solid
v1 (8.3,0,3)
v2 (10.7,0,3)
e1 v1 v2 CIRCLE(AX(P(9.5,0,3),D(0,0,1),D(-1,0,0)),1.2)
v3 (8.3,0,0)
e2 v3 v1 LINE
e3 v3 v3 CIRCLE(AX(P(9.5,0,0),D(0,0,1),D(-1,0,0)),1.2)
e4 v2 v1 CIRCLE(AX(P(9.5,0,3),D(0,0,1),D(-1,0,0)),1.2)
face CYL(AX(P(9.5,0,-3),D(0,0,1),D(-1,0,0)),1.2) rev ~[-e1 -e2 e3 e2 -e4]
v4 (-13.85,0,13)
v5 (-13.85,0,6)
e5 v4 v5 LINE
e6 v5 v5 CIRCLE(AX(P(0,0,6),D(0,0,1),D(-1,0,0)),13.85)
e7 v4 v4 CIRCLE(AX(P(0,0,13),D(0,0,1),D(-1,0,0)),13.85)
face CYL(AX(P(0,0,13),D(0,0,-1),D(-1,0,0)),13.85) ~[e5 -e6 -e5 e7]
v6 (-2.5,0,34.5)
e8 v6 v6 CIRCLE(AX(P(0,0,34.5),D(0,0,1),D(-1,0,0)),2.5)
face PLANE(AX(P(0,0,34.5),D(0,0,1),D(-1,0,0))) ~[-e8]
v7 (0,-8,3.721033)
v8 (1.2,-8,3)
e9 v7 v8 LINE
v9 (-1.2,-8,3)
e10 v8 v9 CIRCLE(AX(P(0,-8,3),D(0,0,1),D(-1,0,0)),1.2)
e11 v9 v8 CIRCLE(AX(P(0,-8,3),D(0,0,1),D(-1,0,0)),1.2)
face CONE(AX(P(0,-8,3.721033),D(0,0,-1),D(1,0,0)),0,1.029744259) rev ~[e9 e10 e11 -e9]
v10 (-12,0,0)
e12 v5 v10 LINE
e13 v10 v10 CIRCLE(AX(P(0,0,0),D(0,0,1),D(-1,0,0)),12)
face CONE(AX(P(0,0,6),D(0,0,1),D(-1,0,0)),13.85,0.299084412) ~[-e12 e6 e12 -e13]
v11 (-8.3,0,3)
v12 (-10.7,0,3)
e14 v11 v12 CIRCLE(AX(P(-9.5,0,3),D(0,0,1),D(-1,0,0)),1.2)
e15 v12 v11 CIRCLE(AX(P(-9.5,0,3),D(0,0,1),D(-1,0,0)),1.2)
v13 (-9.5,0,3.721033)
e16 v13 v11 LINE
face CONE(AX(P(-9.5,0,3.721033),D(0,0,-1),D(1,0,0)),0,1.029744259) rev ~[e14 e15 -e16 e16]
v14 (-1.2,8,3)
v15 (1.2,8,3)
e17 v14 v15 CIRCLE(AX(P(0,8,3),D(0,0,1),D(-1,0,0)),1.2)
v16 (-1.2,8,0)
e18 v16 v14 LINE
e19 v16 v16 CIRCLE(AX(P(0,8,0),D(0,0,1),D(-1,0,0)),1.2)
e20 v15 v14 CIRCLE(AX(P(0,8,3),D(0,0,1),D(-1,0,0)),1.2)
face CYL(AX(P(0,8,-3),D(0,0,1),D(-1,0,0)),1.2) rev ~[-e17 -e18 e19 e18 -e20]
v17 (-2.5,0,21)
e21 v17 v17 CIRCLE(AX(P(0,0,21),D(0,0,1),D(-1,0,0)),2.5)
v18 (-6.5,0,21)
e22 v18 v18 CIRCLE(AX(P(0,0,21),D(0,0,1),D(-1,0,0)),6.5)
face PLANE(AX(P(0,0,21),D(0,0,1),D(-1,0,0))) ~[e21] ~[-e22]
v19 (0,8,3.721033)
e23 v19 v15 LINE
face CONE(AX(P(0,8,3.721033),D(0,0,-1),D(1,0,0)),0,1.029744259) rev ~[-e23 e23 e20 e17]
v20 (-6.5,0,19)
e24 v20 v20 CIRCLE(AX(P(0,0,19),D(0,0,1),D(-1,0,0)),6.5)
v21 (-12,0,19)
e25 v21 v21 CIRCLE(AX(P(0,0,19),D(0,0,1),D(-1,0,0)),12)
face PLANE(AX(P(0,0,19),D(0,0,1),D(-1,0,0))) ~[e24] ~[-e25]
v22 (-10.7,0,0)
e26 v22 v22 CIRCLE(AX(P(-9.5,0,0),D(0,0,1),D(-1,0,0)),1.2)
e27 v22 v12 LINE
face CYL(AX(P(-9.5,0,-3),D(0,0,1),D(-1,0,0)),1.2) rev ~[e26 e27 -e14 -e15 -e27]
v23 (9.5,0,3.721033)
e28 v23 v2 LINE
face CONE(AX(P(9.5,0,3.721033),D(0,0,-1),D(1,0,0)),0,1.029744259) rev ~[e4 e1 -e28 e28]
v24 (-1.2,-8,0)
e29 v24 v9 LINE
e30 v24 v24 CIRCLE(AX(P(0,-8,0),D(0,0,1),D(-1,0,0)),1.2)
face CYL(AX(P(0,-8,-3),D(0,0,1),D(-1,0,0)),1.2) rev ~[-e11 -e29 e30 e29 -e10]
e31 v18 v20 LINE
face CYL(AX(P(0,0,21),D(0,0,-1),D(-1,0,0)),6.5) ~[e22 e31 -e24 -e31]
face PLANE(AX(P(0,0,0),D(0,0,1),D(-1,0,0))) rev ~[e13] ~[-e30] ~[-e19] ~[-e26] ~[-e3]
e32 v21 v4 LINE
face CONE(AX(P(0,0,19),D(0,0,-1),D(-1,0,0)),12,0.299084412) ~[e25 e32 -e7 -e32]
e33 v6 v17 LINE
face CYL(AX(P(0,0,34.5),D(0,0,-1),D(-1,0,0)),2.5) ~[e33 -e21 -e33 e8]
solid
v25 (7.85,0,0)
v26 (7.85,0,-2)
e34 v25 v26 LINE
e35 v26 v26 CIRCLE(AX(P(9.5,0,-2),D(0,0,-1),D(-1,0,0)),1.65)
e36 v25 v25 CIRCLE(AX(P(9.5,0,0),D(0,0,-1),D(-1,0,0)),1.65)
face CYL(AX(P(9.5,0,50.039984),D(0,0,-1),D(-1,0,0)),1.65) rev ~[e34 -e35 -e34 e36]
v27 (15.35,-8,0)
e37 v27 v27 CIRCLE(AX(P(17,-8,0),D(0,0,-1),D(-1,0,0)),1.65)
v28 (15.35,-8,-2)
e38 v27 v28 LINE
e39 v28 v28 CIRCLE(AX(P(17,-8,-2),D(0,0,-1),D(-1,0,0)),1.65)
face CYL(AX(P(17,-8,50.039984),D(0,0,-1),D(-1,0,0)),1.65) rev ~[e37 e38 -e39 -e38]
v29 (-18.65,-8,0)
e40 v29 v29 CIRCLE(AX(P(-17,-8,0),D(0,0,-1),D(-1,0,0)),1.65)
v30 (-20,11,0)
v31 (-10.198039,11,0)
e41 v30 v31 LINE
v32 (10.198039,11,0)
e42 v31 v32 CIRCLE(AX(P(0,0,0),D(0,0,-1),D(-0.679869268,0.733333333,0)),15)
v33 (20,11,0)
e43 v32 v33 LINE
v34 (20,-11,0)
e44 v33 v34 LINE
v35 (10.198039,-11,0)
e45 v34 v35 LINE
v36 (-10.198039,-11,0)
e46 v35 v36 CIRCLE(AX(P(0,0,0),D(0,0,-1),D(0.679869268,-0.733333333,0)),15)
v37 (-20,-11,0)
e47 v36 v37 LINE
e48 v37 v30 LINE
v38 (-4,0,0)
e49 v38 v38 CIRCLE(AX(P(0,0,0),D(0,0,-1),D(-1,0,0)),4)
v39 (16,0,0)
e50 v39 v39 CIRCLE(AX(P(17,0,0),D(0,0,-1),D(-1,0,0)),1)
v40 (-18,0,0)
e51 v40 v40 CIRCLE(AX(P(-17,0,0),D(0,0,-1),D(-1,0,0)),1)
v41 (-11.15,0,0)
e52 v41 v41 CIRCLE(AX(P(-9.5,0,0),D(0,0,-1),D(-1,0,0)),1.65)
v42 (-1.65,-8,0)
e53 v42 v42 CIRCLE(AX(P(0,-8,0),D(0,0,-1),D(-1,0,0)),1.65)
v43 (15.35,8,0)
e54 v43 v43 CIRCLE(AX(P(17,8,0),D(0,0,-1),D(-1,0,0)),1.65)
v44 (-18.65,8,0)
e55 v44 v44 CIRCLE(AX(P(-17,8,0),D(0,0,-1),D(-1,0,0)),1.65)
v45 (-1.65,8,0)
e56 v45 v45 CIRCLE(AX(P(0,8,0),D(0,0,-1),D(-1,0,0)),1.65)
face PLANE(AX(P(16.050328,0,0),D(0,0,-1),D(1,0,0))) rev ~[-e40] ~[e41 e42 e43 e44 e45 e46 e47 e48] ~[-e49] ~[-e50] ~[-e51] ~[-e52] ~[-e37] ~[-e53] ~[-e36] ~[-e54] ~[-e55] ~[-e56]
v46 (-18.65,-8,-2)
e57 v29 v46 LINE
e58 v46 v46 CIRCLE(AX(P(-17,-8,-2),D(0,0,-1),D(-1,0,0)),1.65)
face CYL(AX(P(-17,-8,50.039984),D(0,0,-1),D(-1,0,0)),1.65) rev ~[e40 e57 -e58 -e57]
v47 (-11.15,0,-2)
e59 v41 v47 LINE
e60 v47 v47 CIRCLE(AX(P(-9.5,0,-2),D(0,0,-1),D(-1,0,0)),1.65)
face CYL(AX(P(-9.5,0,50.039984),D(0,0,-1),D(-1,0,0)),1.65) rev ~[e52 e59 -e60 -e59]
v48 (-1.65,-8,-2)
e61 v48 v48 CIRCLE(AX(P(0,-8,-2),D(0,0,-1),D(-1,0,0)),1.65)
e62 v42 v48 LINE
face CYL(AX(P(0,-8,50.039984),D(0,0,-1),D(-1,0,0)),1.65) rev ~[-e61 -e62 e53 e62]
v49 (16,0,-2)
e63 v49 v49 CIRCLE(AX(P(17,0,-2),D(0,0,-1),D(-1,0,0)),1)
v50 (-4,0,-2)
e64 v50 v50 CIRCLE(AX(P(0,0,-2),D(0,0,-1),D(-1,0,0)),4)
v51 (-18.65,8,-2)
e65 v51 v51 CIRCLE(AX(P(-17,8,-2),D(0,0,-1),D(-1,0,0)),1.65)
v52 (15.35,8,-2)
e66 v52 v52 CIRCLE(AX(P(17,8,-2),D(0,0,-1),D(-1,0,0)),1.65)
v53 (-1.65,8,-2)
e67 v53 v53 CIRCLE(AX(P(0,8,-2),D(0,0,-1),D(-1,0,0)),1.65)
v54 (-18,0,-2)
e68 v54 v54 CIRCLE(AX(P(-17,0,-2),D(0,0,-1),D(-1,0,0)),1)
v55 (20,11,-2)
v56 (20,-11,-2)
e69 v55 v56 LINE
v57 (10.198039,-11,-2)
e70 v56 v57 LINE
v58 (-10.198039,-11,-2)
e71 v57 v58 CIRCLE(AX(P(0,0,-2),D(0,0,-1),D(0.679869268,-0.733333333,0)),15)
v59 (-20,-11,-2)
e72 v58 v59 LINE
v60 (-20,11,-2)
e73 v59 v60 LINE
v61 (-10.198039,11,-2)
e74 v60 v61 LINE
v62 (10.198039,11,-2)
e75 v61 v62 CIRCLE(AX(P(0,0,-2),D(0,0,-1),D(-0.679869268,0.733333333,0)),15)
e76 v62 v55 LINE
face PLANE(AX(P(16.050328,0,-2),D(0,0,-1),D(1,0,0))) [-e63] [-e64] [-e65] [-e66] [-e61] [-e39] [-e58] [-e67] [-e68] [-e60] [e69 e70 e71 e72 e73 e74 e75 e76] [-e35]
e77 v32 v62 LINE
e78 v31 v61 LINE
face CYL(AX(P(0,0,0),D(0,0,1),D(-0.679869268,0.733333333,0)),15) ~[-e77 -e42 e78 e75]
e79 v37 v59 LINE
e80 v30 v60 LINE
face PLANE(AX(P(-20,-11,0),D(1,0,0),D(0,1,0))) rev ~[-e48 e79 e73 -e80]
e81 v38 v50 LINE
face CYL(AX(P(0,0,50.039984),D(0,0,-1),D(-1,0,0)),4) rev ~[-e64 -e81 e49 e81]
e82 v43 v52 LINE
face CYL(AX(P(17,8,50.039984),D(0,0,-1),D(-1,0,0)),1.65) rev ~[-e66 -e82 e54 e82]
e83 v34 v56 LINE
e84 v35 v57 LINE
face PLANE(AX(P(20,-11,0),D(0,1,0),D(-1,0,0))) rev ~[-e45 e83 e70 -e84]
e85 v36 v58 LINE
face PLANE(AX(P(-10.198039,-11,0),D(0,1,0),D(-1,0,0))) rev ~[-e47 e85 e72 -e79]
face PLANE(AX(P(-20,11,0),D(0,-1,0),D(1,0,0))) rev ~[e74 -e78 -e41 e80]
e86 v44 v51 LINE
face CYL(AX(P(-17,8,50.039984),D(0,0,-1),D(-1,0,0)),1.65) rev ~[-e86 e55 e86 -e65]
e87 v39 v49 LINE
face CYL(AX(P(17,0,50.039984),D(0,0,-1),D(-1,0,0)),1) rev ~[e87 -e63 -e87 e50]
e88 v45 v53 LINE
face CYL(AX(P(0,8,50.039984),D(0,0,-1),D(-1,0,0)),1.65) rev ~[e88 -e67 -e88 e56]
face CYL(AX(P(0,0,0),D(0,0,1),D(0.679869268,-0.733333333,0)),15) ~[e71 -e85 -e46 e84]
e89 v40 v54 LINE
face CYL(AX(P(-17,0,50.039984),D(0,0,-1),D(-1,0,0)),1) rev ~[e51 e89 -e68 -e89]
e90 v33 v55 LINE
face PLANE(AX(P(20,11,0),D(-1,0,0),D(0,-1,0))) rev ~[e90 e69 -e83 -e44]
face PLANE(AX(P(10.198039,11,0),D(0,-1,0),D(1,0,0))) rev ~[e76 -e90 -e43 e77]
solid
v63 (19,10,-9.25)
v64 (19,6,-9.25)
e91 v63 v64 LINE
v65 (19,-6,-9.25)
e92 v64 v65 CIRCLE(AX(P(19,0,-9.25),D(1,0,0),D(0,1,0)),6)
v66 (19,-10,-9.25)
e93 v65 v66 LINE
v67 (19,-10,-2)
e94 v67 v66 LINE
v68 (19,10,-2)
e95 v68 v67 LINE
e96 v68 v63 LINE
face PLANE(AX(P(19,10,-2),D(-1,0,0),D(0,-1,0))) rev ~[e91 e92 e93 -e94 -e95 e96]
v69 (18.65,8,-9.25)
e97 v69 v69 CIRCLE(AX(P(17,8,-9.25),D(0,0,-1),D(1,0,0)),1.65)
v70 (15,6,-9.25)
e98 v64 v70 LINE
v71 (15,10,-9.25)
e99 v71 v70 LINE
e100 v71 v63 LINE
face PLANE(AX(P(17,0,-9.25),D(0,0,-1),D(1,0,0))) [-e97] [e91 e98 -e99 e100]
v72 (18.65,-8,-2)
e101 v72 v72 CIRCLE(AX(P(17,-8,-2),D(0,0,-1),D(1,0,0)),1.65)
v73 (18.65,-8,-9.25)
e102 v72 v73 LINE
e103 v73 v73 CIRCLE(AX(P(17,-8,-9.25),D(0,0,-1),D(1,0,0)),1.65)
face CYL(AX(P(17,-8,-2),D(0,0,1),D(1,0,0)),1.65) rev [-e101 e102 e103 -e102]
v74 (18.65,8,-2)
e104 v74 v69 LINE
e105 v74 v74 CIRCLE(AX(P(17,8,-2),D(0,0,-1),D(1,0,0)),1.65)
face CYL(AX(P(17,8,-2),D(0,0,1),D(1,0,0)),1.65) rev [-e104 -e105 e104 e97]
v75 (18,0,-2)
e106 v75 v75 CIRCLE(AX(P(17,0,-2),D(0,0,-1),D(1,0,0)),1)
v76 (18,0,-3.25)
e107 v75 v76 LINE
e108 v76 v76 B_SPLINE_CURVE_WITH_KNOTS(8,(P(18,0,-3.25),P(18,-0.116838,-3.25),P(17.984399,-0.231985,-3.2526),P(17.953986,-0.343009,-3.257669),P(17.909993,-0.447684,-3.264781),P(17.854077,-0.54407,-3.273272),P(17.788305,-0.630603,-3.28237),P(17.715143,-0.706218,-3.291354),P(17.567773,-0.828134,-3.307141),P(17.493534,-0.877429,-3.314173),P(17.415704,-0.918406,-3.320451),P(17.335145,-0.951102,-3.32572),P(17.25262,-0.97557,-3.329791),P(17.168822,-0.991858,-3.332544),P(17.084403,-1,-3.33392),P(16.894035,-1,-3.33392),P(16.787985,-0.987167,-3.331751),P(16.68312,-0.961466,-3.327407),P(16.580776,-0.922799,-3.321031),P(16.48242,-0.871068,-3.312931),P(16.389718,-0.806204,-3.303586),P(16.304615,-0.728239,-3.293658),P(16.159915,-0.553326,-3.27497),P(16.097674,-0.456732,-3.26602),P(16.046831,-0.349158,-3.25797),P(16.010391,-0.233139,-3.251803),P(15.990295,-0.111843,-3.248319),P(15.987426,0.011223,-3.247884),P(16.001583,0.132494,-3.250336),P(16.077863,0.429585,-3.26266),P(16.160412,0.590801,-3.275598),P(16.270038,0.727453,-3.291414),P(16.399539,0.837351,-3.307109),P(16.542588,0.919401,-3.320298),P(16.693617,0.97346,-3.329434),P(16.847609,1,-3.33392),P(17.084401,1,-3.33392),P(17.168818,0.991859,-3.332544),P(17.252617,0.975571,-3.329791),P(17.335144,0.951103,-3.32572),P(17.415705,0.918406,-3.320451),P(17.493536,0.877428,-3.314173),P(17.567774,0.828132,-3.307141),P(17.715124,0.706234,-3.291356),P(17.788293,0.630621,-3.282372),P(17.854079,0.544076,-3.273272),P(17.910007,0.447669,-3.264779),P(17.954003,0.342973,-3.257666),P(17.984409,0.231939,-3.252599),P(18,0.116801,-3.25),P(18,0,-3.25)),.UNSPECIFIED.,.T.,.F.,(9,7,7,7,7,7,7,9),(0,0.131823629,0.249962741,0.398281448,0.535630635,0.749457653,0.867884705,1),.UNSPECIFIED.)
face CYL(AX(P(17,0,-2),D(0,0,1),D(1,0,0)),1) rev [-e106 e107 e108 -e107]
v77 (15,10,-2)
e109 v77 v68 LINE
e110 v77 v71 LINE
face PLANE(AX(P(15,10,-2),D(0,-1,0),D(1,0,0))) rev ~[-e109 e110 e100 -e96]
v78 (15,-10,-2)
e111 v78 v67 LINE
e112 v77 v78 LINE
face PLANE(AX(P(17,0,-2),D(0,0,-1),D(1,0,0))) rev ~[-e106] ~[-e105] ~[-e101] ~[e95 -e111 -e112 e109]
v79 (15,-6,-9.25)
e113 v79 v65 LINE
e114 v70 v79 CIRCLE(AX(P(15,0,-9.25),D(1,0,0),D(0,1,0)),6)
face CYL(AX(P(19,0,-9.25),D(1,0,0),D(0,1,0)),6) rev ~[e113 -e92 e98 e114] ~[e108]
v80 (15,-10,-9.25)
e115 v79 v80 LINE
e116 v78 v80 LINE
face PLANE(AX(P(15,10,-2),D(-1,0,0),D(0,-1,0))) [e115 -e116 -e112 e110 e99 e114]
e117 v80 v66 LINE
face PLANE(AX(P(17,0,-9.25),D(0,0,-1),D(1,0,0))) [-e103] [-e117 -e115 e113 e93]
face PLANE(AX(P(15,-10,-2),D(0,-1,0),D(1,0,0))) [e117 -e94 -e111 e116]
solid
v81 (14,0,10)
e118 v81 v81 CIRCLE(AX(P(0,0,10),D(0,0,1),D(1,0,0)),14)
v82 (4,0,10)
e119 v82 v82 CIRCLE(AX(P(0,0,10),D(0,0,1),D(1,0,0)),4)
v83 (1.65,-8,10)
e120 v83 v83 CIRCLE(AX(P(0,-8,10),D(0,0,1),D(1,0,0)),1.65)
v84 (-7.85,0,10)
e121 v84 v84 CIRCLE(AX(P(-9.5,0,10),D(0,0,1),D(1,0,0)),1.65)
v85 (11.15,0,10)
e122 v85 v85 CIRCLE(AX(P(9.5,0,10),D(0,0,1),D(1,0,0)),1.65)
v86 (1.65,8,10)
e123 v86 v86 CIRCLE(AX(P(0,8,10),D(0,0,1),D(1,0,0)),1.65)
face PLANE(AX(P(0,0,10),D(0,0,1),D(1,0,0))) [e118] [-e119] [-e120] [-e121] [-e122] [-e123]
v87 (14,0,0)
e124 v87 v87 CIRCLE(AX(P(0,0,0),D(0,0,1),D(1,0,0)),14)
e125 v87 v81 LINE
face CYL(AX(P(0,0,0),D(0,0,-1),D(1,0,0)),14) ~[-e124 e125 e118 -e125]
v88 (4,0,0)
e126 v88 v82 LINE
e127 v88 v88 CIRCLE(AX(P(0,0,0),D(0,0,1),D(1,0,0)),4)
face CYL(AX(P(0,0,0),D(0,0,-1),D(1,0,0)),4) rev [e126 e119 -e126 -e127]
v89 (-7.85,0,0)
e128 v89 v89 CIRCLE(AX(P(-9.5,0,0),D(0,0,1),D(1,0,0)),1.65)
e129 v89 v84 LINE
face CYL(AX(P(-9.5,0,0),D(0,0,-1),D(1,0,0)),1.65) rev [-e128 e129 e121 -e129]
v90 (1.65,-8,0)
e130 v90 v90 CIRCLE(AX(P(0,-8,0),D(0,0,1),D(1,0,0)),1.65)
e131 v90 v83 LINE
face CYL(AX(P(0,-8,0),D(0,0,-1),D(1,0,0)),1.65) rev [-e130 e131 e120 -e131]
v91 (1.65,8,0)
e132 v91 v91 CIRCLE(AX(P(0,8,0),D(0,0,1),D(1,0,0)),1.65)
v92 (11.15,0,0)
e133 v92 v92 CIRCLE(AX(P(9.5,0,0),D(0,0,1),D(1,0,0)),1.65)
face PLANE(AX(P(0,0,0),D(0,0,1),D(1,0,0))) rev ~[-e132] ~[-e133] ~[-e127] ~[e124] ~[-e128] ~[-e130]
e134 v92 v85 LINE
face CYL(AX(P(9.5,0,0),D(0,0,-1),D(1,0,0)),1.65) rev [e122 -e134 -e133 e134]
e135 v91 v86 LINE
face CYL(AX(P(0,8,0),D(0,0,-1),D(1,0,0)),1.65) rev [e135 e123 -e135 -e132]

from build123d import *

# Parameters (mm, degrees)
F3_D       = 2.4
F3_DEPTH   = 3
F3_TIP     = 0.7210327428
F5_DEPTH   = 2
F6_D       = 3.3
F6_ON_F4_D = 3.3
F7_D       = 2
F8_D       = 8
F9_W       = 4
F9_H       = 20
F9_R       = 1.65
F9_R_2     = 1
F10_DEPTH  = 7.25
F11_R      = 6
F12_DEPTH  = 25
F13_R      = 14
F13_R_2    = 1.65
F13_R_3    = 4
F14_DEPTH  = 10


with BuildPart() as f1:
    # F0 (on Front) → F1 (revolve)
    with BuildSketch(Plane.XZ):
        Polygon((-12, 0), (0, 0), (0, 34.5), (-2.5, 34.5), (-2.5, 21), (-6.5, 21), (-6.5, 19), (-12, 19), (-13.85, 13), (-13.85, 6), align=None)
    revolve(axis=Axis((0, 0, 17.25), (0, 0, 1)))

    # F3
    with Locations(Plane(origin=(0, 0, 0), x_dir=(1, 0, 0), z_dir=(0, 0, -1))):
        with Locations((0, 8), (-9.5, 0), (0, -8), (9.5, 0)):
            Hole(F3_D / 2, depth=F3_DEPTH)
            with Locations((0, 0, -(F3_DEPTH + F3_TIP / 2))):  # 118° drill point
                Cone(0, F3_D / 2, F3_TIP, mode=Mode.SUBTRACT)


with BuildPart() as f5:
    # F4 (on face) → F5 (new body)
    with BuildSketch(Plane(origin=(0, 0, 0), x_dir=(1, 0, 0), z_dir=(0, 0, -1))):
        with BuildLine():
            Line((10.1980390272, -11), (20, -11))
            Line((20, -11), (20, 11))
            Line((20, 11), (10.1980390272, 11))
            ThreePointArc((10.1980390272, 11), (13.7471921753, 6.0012254829), (15, 0))
            ThreePointArc((15, 0), (13.7471921753, -6.0012254829), (10.1980390272, -11))
        make_face()
        with BuildLine():
            ThreePointArc((-10.1980390272, -11), (0, -15), (10.1980390272, -11))
            Line((10.1980390272, -11), (-10.1980390272, -11))
        make_face()
        with BuildLine():
            Line((-10.1980390272, -11), (10.1980390272, -11))
            ThreePointArc((10.1980390272, -11), (13.7471921753, -6.0012254829), (15, 0))
            ThreePointArc((15, 0), (13.7471921753, 6.0012254829), (10.1980390272, 11))
            Line((10.1980390272, 11), (-10.1980390272, 11))
            ThreePointArc((-10.1980390272, 11), (-15, 0), (-10.1980390272, -11))
        make_face()
        with BuildLine():
            Line((-20, -11), (-10.1980390272, -11))
            ThreePointArc((-10.1980390272, -11), (-15, 0), (-10.1980390272, 11))
            Line((-10.1980390272, 11), (-20, 11))
            Line((-20, 11), (-20, -11))
        make_face()
        with BuildLine():
            Line((-10.1980390272, 11), (10.1980390272, 11))
            ThreePointArc((10.1980390272, 11), (0, 15), (-10.1980390272, 11))
        make_face()
    extrude(amount=F5_DEPTH)

    # F6 (through all)
    with Locations(Plane.XY):
        with Locations((0, -8), (-9.5, 0), (9.5, 0), (0, 8)):
            Hole(F6_D / 2)

    # F6 on F4 (through all)
    with Locations(Plane.XY):
        with Locations((-17, -8), (17, -8), (-17, 8), (17, 8)):
            Hole(F6_ON_F4_D / 2)

    # F7 (through all)
    with Locations(Plane.XY):
        with Locations((-17, 0), (17, 0)):
            Hole(F7_D / 2)

    # F8 (through all)
    with Locations(Plane.XY):
        with Locations((0, 0)):
            Hole(F8_D / 2)


with BuildPart() as f10:
    # F9 (on face) → F10 (new body)
    with BuildSketch(Plane(origin=(0, 0, -2), x_dir=(1, 0, 0), z_dir=(0, 0, -1))):
        with Locations((17, 0)):
            Rectangle(F9_W, F9_H)
        with Locations((17, -8)):
            Circle(F9_R, mode=Mode.SUBTRACT)
        with Locations((17, 0)):
            Circle(F9_R_2, mode=Mode.SUBTRACT)
        with Locations((17, 8)):
            Circle(F9_R, mode=Mode.SUBTRACT)
    extrude(amount=F10_DEPTH)

    # F11 (on face) → F12 (cut)
    with BuildSketch(Plane.YZ.offset(19)):
        with Locations((0, -9.25)):
            Circle(F11_R)
    extrude(amount=-F12_DEPTH, mode=Mode.SUBTRACT)


with BuildPart() as f14:
    # F13 (on face) → F14 (new body)
    with BuildSketch(Plane.XY):
        Circle(F13_R)
        with Locations((-9.5, 0)):
            Circle(F13_R_2, mode=Mode.SUBTRACT)
        with Locations((0, -8)):
            Circle(F13_R_2, mode=Mode.SUBTRACT)
        Circle(F13_R_3, mode=Mode.SUBTRACT)
        with Locations((9.5, 0)):
            Circle(F13_R_2, mode=Mode.SUBTRACT)
        with Locations((0, 8)):
            Circle(F13_R_2, mode=Mode.SUBTRACT)
    extrude(amount=F14_DEPTH)


solid = Compound([f1.part, f5.part, f10.part, f14.part])
